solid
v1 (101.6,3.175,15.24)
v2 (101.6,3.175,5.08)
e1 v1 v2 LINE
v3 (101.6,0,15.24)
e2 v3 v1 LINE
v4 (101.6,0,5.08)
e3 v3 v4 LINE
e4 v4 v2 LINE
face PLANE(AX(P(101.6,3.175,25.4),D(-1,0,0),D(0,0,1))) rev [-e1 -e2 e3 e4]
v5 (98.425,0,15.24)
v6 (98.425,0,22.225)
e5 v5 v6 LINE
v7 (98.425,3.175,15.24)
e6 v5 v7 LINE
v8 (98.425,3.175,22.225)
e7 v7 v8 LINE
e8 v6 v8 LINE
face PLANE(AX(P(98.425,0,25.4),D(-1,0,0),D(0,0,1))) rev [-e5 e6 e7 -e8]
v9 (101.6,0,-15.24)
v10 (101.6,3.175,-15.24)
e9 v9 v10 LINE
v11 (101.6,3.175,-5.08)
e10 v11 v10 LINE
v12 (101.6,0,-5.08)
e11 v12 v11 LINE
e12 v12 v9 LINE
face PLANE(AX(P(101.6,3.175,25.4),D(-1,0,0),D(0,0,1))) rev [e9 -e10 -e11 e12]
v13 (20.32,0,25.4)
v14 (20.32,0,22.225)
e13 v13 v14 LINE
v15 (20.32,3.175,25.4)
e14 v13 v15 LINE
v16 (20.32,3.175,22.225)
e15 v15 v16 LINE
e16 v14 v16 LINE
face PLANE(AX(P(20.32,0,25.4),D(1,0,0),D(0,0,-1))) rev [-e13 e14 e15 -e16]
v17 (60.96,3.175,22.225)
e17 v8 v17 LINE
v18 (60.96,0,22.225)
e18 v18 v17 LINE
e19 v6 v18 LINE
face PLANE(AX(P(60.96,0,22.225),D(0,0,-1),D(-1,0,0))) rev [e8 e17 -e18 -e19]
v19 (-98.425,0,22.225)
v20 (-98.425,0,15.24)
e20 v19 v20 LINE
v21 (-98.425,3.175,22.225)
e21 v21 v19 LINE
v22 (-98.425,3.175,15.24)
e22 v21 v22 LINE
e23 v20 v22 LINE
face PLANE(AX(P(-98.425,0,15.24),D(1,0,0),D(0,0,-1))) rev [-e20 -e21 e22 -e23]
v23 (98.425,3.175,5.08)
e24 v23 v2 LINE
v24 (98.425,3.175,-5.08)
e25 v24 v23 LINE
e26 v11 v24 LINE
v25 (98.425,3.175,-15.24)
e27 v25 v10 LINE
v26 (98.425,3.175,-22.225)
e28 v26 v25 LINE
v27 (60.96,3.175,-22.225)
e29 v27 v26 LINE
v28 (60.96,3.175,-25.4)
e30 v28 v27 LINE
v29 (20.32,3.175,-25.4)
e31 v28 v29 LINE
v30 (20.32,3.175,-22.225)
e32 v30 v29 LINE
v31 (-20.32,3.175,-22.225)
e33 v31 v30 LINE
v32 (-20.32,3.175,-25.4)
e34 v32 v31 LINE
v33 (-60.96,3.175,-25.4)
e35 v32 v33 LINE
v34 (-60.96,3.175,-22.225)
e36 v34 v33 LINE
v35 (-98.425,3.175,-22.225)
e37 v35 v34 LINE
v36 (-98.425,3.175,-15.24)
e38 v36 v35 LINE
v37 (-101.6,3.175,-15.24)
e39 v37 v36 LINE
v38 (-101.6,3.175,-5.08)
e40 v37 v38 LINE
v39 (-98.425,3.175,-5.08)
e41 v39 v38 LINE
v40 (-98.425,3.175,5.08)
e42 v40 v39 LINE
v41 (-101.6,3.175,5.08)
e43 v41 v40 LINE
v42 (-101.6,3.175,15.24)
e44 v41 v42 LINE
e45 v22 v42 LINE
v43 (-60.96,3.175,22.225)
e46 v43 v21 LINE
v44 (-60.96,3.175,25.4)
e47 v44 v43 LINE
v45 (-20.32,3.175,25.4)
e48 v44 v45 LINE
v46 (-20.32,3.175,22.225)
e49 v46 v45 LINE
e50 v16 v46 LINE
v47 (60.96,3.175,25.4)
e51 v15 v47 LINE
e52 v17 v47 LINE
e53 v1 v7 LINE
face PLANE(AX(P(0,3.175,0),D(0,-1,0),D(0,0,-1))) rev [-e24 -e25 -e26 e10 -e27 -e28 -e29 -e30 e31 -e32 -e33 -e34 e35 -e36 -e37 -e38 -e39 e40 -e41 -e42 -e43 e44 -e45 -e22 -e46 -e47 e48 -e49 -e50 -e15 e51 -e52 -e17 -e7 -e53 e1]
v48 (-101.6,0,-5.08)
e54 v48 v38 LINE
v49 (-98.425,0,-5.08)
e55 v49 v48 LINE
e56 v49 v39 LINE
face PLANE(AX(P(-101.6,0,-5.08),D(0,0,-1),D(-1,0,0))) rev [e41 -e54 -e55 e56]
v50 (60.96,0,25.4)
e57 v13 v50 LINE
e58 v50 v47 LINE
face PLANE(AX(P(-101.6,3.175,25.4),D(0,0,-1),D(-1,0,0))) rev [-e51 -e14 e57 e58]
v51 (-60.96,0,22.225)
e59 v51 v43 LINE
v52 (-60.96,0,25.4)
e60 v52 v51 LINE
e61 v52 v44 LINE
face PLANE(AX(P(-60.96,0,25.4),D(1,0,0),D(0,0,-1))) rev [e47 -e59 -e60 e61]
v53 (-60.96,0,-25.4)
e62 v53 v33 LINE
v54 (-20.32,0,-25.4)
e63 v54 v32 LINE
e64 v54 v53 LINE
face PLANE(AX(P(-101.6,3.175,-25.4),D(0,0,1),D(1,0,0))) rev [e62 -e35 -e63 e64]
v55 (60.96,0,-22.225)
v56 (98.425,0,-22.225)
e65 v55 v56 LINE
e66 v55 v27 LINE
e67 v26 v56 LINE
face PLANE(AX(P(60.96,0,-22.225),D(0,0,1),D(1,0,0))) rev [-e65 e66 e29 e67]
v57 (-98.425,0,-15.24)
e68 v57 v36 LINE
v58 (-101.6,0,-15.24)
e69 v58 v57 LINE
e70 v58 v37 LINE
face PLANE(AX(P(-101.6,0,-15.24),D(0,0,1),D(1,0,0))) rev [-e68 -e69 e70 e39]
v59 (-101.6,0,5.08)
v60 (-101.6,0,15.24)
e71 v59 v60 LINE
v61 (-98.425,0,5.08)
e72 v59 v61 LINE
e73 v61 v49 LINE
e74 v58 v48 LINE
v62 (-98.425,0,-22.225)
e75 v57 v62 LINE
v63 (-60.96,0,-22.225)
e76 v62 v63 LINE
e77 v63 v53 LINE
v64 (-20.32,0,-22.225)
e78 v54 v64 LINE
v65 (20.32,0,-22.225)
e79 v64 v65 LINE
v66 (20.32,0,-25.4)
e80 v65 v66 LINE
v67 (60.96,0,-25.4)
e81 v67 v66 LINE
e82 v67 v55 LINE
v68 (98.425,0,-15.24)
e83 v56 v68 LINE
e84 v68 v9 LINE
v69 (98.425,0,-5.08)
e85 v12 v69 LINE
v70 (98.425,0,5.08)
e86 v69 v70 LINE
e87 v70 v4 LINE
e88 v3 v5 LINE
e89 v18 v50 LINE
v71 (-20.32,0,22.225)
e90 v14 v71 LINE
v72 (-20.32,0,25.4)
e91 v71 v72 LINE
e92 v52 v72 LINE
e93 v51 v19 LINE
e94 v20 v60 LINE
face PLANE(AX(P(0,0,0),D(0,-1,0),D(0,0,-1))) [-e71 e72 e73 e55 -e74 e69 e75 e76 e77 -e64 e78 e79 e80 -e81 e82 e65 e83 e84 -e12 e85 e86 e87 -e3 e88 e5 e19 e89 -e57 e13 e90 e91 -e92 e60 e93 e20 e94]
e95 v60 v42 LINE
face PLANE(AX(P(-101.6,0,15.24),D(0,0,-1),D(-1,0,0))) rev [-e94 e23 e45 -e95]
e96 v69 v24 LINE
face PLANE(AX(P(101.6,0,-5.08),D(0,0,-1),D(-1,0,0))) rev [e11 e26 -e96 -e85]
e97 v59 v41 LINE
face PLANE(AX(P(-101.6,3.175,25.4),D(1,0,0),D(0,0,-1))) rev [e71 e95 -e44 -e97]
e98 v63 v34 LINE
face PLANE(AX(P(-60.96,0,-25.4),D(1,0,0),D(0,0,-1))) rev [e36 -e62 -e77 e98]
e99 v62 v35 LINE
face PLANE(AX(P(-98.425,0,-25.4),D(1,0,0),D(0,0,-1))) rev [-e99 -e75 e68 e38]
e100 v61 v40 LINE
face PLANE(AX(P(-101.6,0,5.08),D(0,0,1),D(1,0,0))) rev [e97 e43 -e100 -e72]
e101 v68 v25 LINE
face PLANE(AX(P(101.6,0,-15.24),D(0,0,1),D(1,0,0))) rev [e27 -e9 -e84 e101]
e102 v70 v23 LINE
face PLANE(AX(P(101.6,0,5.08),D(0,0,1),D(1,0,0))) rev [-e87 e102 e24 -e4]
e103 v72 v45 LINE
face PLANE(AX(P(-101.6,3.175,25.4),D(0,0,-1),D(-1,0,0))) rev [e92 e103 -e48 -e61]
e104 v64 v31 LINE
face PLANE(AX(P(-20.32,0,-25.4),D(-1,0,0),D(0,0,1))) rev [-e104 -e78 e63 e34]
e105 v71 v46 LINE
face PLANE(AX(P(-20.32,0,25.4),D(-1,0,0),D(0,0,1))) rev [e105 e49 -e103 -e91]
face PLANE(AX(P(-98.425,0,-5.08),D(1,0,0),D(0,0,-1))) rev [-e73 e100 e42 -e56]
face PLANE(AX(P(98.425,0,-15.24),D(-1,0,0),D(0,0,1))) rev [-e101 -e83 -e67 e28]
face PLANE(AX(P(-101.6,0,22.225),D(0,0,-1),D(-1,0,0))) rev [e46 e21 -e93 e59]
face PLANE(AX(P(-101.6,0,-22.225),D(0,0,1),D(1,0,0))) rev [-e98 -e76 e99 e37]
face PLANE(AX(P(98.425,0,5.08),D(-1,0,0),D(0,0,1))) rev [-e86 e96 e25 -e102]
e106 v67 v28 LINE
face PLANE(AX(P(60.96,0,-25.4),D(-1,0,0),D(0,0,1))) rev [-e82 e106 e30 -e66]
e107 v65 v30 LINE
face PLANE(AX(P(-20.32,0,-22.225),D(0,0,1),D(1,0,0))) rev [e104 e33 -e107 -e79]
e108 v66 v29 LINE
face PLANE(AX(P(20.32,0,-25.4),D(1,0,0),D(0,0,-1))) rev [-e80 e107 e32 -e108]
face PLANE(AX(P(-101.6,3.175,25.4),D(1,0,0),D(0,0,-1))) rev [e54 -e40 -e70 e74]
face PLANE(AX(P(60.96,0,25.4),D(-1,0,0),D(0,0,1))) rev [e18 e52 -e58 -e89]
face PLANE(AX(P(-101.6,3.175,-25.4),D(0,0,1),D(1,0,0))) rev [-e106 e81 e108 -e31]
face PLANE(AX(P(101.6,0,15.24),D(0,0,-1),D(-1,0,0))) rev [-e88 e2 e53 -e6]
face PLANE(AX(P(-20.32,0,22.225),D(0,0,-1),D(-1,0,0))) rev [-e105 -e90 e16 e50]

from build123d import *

# Parameters (mm, degrees)
SKETCH1_W           = 203.2
SKETCH1_H           = 50.8
BOSS_EXTRUDE1_DEPTH = 3.175
SKETCH2_W           = 40.64
SKETCH2_H           = 3.175
CUT_EXTRUDE2_DEPTH  = 3.175
LPATTERN1_COUNT     = 3
LPATTERN1_PITCH     = 81.28
SKETCH3_W           = 3.175
SKETCH3_H           = 10.16
CUT_EXTRUDE3_DEPTH  = 3.175
LPATTERN2_COUNT     = 2
LPATTERN2_PITCH     = 20.32
LPATTERN3_COUNT     = 2
LPATTERN3_PITCH     = 20.32


with BuildPart() as part:
    # Sketch1 → Boss-Extrude1 (new body)
    with BuildSketch(Plane(origin=(0, 0, 0), x_dir=(1, 0, 0), z_dir=(0, 1, 0))):
        Rectangle(SKETCH1_W, SKETCH1_H)
    extrude(amount=BOSS_EXTRUDE1_DEPTH)

    # Sketch2 → Cut-Extrude2 (cut)
    with BuildSketch(Plane(origin=(0, 3.175, 0), x_dir=(1, 0, 0), z_dir=(0, 1, 0))):
        with Locations((-81.28, 23.8125)):
            Rectangle(SKETCH2_W, SKETCH2_H)
        with Locations((-81.28, -23.8125)):
            Rectangle(SKETCH2_W, SKETCH2_H)
    cut_extrude2 = extrude(amount=-CUT_EXTRUDE2_DEPTH, mode=Mode.SUBTRACT)

    # LPattern1: Cut-Extrude2 ×3
    with Locations(*[(i * LPATTERN1_PITCH, 0, 0) for i in range(1, LPATTERN1_COUNT)]):
        add(cut_extrude2, mode=Mode.SUBTRACT)

    # Sketch3 → Cut-Extrude3 (cut)
    with BuildSketch(Plane(origin=(0, 3.175, 0), x_dir=(1, 0, 0), z_dir=(0, 1, 0))):
        with Locations((-100.0125, 0)):
            Rectangle(SKETCH3_W, SKETCH3_H)
        with Locations((100.0125, 0)):
            Rectangle(SKETCH3_W, SKETCH3_H)
    cut_extrude3 = extrude(amount=-CUT_EXTRUDE3_DEPTH, mode=Mode.SUBTRACT)

    # LPattern2: Cut-Extrude3 ×2
    with Locations(*[(0, 0, i * LPATTERN2_PITCH) for i in range(1, LPATTERN2_COUNT)]):
        add(cut_extrude3, mode=Mode.SUBTRACT)

    # LPattern3: Cut-Extrude3 ×2
    with Locations(*[(0, 0, -i * LPATTERN3_PITCH) for i in range(1, LPATTERN3_COUNT)]):
        add(cut_extrude3, mode=Mode.SUBTRACT)


solid = part.part
